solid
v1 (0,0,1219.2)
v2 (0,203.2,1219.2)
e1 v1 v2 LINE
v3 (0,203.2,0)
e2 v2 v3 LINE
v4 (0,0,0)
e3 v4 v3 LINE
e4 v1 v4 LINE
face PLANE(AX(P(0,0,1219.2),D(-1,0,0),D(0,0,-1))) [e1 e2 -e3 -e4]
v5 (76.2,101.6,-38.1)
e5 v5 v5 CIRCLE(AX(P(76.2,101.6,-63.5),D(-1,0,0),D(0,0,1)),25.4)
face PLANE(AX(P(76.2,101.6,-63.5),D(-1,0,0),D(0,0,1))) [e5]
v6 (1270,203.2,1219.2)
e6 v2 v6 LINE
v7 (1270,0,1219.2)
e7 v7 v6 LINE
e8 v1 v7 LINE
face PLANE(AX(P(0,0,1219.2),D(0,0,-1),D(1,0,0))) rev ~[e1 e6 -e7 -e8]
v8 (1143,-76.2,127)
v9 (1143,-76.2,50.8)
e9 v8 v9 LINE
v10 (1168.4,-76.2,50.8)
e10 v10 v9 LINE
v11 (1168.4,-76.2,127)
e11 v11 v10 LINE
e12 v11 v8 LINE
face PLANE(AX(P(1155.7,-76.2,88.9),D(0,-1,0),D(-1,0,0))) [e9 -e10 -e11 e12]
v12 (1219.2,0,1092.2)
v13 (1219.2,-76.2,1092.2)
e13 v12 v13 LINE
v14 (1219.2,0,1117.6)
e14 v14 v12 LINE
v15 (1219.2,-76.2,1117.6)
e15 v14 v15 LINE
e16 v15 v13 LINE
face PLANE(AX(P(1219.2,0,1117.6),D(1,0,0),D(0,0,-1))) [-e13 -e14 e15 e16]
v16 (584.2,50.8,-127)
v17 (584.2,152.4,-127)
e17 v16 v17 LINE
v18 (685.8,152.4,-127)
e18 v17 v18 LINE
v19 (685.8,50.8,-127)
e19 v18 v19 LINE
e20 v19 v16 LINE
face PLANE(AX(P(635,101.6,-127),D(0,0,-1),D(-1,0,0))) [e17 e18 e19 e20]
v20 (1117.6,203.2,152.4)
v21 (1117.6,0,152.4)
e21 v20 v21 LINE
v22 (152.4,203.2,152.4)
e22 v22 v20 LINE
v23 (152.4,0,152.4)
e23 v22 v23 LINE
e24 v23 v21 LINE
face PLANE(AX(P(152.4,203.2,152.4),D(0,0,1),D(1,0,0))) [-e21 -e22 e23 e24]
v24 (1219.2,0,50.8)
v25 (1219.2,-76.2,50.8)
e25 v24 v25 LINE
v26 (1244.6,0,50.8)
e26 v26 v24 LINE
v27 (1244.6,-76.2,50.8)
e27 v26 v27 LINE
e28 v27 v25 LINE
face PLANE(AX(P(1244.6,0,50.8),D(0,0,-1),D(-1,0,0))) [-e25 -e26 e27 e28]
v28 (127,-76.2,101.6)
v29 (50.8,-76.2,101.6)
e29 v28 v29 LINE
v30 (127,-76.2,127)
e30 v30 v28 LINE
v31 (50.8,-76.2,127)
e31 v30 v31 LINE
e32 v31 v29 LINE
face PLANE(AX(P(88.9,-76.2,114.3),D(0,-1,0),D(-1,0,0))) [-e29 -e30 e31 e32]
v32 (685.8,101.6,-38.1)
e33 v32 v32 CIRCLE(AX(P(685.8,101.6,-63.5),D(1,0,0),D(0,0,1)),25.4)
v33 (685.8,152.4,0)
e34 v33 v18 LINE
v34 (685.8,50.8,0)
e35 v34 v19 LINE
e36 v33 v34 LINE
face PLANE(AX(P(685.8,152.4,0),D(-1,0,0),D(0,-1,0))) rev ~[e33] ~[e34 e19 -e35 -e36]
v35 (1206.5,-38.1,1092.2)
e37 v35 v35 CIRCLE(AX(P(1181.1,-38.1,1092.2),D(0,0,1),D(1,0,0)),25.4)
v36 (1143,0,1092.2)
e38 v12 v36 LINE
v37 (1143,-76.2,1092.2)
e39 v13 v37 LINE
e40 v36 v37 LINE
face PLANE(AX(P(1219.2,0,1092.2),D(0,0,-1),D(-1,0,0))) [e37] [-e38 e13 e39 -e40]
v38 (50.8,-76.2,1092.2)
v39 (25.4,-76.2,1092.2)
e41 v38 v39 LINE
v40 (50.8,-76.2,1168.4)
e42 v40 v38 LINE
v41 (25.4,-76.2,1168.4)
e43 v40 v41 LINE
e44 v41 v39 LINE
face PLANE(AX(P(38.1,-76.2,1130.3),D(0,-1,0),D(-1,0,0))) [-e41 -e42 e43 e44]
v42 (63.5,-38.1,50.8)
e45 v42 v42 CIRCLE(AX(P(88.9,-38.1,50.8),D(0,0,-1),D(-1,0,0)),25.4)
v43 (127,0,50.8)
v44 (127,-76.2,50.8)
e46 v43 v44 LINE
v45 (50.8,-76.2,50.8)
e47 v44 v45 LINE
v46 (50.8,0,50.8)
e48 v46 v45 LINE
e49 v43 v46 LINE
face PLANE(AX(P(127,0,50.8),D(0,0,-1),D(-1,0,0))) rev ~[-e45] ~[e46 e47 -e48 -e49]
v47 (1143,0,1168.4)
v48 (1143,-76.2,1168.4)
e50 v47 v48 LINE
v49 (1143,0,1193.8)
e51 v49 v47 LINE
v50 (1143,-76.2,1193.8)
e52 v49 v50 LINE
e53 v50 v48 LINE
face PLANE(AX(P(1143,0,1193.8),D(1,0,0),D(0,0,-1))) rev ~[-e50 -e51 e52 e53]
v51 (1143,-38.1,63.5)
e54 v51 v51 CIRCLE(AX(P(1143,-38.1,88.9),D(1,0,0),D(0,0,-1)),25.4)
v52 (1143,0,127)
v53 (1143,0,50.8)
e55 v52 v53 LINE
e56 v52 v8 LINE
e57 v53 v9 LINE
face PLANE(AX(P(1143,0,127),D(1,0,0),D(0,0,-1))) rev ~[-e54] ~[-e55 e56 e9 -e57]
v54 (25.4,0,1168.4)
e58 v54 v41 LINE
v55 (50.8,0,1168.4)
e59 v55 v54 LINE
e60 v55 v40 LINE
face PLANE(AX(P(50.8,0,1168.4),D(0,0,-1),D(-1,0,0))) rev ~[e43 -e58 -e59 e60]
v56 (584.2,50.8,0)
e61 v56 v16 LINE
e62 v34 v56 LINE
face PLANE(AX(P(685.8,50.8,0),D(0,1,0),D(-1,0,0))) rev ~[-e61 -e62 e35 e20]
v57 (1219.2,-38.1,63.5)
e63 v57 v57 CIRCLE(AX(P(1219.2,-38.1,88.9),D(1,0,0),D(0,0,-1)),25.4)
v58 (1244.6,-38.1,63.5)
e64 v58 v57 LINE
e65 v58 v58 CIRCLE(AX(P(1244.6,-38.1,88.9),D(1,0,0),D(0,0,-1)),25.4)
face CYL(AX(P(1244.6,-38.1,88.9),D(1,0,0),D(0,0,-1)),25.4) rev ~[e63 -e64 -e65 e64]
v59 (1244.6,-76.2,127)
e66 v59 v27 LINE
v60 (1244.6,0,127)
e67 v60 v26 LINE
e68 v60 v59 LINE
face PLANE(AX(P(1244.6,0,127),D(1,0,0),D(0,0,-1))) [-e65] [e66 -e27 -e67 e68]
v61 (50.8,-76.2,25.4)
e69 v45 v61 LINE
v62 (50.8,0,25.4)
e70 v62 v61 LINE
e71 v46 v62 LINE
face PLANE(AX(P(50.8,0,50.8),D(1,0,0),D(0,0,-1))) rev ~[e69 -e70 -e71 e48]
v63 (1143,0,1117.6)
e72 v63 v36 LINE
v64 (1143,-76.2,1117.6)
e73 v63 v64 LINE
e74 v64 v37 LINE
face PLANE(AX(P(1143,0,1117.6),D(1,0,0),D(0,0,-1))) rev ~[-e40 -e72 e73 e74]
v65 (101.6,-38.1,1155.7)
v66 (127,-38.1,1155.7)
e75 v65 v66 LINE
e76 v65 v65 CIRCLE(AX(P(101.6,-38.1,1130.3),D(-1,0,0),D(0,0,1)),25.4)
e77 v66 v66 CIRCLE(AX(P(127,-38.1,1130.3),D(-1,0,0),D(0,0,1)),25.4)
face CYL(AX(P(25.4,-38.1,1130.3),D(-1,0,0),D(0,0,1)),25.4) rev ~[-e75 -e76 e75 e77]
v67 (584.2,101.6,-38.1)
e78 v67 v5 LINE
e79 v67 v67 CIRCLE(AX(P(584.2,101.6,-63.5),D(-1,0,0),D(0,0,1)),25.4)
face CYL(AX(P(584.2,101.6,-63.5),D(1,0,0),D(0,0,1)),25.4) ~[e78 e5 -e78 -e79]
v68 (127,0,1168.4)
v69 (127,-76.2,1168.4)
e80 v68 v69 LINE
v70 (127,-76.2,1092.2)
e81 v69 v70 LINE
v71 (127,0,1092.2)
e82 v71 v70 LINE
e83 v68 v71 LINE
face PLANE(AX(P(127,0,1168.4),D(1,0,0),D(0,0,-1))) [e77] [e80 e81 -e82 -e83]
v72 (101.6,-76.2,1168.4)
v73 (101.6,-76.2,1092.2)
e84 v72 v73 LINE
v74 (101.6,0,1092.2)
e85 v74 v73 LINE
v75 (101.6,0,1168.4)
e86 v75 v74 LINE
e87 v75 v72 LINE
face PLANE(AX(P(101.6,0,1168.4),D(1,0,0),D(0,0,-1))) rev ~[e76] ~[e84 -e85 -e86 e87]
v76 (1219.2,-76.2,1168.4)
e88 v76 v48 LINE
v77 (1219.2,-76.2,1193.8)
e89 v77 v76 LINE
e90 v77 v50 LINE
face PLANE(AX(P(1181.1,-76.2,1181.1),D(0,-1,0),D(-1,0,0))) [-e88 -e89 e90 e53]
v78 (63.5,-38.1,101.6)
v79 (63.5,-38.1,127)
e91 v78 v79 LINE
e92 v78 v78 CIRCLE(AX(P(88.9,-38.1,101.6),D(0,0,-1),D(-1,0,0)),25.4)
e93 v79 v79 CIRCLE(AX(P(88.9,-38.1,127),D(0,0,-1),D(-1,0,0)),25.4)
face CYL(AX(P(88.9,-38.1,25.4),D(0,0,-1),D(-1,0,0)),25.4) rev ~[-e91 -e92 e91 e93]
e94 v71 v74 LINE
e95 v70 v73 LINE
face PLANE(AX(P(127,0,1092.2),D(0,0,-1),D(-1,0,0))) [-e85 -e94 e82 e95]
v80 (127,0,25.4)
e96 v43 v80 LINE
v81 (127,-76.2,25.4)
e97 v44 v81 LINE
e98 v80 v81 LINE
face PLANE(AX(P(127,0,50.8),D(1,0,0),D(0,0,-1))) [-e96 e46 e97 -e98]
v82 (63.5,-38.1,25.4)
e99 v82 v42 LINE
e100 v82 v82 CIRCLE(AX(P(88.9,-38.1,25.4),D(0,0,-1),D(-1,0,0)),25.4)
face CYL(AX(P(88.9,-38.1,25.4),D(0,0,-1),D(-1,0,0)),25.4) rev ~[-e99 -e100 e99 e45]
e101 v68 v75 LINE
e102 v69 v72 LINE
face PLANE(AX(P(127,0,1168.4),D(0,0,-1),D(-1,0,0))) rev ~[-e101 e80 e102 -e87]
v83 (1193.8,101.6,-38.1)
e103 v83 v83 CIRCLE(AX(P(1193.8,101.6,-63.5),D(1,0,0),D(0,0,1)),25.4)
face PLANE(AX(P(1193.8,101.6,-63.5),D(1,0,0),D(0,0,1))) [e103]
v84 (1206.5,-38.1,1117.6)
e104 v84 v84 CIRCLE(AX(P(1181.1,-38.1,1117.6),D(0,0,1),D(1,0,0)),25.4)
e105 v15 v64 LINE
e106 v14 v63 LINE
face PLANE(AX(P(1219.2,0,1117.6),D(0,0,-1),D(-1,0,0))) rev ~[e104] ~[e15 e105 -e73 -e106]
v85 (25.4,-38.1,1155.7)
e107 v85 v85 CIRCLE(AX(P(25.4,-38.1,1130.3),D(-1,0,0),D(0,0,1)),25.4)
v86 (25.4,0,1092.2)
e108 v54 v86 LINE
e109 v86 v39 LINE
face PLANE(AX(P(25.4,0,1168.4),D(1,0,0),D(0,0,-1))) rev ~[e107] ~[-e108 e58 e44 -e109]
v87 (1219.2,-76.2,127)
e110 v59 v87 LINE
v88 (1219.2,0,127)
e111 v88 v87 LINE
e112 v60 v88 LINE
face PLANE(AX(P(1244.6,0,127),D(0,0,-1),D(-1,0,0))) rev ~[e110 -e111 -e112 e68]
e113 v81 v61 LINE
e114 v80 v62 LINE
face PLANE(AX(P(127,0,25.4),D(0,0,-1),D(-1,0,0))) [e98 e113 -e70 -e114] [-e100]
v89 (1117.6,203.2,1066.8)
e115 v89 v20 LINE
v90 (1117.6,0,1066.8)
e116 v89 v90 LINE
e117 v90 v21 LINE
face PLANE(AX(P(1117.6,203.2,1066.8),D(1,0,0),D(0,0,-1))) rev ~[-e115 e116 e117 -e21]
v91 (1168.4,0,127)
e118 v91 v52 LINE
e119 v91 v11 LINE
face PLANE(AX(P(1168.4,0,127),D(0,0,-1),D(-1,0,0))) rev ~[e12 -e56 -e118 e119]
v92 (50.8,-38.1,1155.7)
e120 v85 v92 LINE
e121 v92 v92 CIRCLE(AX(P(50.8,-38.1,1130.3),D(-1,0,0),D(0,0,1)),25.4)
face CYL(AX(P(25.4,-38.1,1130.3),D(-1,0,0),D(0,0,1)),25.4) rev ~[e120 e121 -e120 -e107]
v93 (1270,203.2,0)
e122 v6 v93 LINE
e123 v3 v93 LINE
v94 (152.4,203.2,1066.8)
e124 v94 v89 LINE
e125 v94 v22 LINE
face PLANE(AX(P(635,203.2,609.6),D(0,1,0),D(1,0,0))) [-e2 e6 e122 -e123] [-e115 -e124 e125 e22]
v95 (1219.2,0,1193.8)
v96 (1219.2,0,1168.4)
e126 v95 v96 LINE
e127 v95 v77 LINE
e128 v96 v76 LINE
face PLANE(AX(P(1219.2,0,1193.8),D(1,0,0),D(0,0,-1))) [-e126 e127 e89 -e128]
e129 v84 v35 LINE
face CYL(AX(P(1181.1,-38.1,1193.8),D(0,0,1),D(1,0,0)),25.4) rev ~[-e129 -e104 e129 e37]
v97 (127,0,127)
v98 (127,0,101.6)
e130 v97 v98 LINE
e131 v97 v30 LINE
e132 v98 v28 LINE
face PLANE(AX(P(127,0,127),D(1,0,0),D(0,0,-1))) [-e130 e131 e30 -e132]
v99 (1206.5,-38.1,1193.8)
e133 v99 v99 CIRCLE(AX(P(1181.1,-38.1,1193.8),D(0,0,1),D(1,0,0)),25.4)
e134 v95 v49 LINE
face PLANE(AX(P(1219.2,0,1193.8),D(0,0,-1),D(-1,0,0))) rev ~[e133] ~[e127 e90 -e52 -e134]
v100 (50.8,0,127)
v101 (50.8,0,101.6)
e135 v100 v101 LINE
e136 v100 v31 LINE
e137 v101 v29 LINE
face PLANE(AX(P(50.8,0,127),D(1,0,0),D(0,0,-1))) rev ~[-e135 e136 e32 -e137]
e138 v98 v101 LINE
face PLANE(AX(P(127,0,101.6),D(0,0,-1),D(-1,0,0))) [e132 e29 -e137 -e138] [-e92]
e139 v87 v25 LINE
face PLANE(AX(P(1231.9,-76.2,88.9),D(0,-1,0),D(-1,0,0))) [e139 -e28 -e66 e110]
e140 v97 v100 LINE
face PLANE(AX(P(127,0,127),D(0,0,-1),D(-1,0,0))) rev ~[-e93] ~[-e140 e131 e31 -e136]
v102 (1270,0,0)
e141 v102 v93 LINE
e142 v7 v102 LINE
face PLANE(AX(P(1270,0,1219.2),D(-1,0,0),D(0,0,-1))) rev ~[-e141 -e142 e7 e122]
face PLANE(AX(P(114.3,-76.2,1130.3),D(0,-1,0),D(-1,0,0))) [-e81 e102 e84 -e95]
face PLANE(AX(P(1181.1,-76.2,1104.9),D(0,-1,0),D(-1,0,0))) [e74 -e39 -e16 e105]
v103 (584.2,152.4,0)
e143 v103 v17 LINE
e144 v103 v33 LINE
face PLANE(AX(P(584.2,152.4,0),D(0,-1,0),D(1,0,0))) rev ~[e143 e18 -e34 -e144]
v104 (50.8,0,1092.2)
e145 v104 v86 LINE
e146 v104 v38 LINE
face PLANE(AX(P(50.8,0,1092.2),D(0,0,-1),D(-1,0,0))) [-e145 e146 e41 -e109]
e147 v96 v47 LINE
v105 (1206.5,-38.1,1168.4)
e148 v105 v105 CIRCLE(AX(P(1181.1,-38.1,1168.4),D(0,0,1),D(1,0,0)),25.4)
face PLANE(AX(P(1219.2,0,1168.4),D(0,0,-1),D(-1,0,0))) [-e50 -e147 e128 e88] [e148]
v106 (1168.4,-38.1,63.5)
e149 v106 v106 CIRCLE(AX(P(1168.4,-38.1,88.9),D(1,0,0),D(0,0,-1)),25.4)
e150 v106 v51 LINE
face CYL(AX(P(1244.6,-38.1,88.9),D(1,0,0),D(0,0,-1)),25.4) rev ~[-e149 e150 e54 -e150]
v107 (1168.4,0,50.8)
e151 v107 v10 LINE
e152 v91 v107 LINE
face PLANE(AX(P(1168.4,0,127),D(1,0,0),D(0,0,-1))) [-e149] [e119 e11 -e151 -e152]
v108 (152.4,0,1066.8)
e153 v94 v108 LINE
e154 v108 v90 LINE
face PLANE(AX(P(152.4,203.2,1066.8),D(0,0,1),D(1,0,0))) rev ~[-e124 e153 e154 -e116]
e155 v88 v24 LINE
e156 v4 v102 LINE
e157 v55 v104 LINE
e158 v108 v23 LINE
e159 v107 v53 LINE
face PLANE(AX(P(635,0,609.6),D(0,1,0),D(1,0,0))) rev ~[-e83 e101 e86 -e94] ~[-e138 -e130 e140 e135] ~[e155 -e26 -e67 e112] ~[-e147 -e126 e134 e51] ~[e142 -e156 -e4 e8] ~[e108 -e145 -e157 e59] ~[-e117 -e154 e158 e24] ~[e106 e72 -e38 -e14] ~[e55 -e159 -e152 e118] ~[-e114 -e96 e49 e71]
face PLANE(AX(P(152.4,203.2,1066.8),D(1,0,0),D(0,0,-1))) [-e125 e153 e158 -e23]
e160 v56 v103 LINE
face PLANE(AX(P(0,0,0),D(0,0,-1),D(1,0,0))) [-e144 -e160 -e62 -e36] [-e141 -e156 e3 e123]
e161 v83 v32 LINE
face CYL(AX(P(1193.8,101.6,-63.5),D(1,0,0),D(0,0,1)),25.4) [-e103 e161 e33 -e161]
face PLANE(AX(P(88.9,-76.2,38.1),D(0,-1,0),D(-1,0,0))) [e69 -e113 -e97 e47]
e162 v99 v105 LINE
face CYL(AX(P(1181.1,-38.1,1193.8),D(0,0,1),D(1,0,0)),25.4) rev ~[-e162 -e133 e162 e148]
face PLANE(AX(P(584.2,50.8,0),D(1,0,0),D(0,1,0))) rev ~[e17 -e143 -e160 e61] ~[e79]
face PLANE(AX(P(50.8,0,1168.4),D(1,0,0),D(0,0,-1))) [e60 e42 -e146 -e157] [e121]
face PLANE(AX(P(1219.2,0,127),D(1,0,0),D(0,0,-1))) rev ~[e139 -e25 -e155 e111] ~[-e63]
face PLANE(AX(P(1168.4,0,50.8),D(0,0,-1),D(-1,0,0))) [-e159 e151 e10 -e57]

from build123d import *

# Parameters (mm, degrees)
SKETCH1_W           = 1270
SKETCH1_H           = 1219.2
BOSS_EXTRUDE1_DEPTH = 203.2
SKETCH2_W           = 965.2
SKETCH2_H           = 914.4
CUT_EXTRUDE2_DEPTH  = 203.2
SKETCH4_W           = 25.4
SKETCH4_H           = 76.2
SKETCH4_W_2         = 76.2
SKETCH4_H_2         = 25.4
BOSS_EXTRUDE2_DEPTH = 76.2
SKETCH6_R           = 25.4
CUT_EXTRUDE3_DEPTH  = 127
SKETCH7_R           = 25.4
CUT_EXTRUDE4_DEPTH  = 127
SKETCH8_R           = 25.4
CUT_EXTRUDE5_DEPTH  = 127
SKETCH9_R           = 25.4
CUT_EXTRUDE6_DEPTH  = 127
BOSS_EXTRUDE3_DEPTH = 127
SKETCH11_R          = 25.4
BOSS_EXTRUDE4_DEPTH = 508
BOSS_EXTRUDE5_START = 508
SKETCH12_R          = 25.4
BOSS_EXTRUDE5_DEPTH = 508


with BuildPart() as part:
    # Sketch1 → Boss-Extrude1 (new body)
    with BuildSketch(Plane(origin=(0, 0, 0), x_dir=(1, 0, 0), z_dir=(0, 1, 0))):
        with Locations((635, -609.6)):
            Rectangle(SKETCH1_W, SKETCH1_H)
    extrude(amount=BOSS_EXTRUDE1_DEPTH)

    # Sketch2 → Cut-Extrude2 (cut)
    with BuildSketch(Plane(origin=(0, 203.2, 0), x_dir=(1, 0, 0), z_dir=(0, 1, 0))):
        with Locations((635, -609.6)):
            Rectangle(SKETCH2_W, SKETCH2_H)
    extrude(amount=-CUT_EXTRUDE2_DEPTH, mode=Mode.SUBTRACT)

    # Sketch4 → Boss-Extrude2 (add)
    with BuildSketch(Plane(origin=(0, 0, 0), x_dir=(-1, 0, 0), z_dir=(0, -1, 0))):
        with Locations((-38.1, -1130.3)):
            Rectangle(SKETCH4_W, SKETCH4_H)
        with Locations((-114.3, -1130.3)):
            Rectangle(SKETCH4_W, SKETCH4_H)
        with Locations((-1181.1, -1181.1)):
            Rectangle(SKETCH4_W_2, SKETCH4_H_2)
        with Locations((-1181.1, -1104.9)):
            Rectangle(SKETCH4_W_2, SKETCH4_H_2)
        with Locations((-1231.9, -88.9)):
            Rectangle(SKETCH4_W, SKETCH4_H)
        with Locations((-1155.7, -88.9)):
            Rectangle(SKETCH4_W, SKETCH4_H)
        with Locations((-88.9, -114.3)):
            Rectangle(SKETCH4_W_2, SKETCH4_H_2)
        with Locations((-88.9, -38.1)):
            Rectangle(SKETCH4_W_2, SKETCH4_H_2)
    extrude(amount=BOSS_EXTRUDE2_DEPTH)

    # Sketch6 → Cut-Extrude3 (cut)
    with BuildSketch(Plane.ZY.offset(-25.4)):
        with Locations((1130.3, -38.1)):
            Circle(SKETCH6_R)
    extrude(amount=-CUT_EXTRUDE3_DEPTH, mode=Mode.SUBTRACT)

    # Sketch7 → Cut-Extrude4 (cut)
    with BuildSketch(Plane.XY.offset(1193.8)):
        with Locations((1181.1, -38.1)):
            Circle(SKETCH7_R)
    extrude(amount=-CUT_EXTRUDE4_DEPTH, mode=Mode.SUBTRACT)

    # Sketch8 → Cut-Extrude5 (cut)
    with BuildSketch(Plane(origin=(1244.6, 0, 0), x_dir=(0, 0, -1), z_dir=(1, 0, 0))):
        with Locations((-88.9, -38.1)):
            Circle(SKETCH8_R)
    extrude(amount=-CUT_EXTRUDE5_DEPTH, mode=Mode.SUBTRACT)

    # Sketch9 → Cut-Extrude6 (cut)
    with BuildSketch(Plane(origin=(0, 0, 25.4), x_dir=(-1, 0, 0), z_dir=(0, 0, -1))):
        with Locations((-88.9, -38.1)):
            Circle(SKETCH9_R)
    extrude(amount=-CUT_EXTRUDE6_DEPTH, mode=Mode.SUBTRACT)

    # Sketch10 → Boss-Extrude3 (add)
    with BuildSketch(Plane(origin=(0, 0, 0), x_dir=(-1, 0, 0), z_dir=(0, 0, -1))):
        Polygon((-584.2, 152.4), (-635, 152.4), (-685.8, 152.4), (-685.8, 50.8), (-584.2, 50.8), align=None)
    extrude(amount=BOSS_EXTRUDE3_DEPTH)

    # Sketch11 → Boss-Extrude4 (add)
    with BuildSketch(Plane.ZY.offset(-584.2)):
        with Locations((-63.5, 101.6)):
            Circle(SKETCH11_R)
    extrude(amount=BOSS_EXTRUDE4_DEPTH)

    # Sketch12 → Boss-Extrude5 (add)
    with BuildSketch(Plane(origin=(685.8, 0, 0), x_dir=(0, 0, -1), z_dir=(1, 0, 0)).offset(BOSS_EXTRUDE5_START)):
        with Locations(Location((63.5, 101.6, 0), (0, 0, 180))):
            Circle(SKETCH12_R)
    extrude(amount=-BOSS_EXTRUDE5_DEPTH)


solid = part.part
